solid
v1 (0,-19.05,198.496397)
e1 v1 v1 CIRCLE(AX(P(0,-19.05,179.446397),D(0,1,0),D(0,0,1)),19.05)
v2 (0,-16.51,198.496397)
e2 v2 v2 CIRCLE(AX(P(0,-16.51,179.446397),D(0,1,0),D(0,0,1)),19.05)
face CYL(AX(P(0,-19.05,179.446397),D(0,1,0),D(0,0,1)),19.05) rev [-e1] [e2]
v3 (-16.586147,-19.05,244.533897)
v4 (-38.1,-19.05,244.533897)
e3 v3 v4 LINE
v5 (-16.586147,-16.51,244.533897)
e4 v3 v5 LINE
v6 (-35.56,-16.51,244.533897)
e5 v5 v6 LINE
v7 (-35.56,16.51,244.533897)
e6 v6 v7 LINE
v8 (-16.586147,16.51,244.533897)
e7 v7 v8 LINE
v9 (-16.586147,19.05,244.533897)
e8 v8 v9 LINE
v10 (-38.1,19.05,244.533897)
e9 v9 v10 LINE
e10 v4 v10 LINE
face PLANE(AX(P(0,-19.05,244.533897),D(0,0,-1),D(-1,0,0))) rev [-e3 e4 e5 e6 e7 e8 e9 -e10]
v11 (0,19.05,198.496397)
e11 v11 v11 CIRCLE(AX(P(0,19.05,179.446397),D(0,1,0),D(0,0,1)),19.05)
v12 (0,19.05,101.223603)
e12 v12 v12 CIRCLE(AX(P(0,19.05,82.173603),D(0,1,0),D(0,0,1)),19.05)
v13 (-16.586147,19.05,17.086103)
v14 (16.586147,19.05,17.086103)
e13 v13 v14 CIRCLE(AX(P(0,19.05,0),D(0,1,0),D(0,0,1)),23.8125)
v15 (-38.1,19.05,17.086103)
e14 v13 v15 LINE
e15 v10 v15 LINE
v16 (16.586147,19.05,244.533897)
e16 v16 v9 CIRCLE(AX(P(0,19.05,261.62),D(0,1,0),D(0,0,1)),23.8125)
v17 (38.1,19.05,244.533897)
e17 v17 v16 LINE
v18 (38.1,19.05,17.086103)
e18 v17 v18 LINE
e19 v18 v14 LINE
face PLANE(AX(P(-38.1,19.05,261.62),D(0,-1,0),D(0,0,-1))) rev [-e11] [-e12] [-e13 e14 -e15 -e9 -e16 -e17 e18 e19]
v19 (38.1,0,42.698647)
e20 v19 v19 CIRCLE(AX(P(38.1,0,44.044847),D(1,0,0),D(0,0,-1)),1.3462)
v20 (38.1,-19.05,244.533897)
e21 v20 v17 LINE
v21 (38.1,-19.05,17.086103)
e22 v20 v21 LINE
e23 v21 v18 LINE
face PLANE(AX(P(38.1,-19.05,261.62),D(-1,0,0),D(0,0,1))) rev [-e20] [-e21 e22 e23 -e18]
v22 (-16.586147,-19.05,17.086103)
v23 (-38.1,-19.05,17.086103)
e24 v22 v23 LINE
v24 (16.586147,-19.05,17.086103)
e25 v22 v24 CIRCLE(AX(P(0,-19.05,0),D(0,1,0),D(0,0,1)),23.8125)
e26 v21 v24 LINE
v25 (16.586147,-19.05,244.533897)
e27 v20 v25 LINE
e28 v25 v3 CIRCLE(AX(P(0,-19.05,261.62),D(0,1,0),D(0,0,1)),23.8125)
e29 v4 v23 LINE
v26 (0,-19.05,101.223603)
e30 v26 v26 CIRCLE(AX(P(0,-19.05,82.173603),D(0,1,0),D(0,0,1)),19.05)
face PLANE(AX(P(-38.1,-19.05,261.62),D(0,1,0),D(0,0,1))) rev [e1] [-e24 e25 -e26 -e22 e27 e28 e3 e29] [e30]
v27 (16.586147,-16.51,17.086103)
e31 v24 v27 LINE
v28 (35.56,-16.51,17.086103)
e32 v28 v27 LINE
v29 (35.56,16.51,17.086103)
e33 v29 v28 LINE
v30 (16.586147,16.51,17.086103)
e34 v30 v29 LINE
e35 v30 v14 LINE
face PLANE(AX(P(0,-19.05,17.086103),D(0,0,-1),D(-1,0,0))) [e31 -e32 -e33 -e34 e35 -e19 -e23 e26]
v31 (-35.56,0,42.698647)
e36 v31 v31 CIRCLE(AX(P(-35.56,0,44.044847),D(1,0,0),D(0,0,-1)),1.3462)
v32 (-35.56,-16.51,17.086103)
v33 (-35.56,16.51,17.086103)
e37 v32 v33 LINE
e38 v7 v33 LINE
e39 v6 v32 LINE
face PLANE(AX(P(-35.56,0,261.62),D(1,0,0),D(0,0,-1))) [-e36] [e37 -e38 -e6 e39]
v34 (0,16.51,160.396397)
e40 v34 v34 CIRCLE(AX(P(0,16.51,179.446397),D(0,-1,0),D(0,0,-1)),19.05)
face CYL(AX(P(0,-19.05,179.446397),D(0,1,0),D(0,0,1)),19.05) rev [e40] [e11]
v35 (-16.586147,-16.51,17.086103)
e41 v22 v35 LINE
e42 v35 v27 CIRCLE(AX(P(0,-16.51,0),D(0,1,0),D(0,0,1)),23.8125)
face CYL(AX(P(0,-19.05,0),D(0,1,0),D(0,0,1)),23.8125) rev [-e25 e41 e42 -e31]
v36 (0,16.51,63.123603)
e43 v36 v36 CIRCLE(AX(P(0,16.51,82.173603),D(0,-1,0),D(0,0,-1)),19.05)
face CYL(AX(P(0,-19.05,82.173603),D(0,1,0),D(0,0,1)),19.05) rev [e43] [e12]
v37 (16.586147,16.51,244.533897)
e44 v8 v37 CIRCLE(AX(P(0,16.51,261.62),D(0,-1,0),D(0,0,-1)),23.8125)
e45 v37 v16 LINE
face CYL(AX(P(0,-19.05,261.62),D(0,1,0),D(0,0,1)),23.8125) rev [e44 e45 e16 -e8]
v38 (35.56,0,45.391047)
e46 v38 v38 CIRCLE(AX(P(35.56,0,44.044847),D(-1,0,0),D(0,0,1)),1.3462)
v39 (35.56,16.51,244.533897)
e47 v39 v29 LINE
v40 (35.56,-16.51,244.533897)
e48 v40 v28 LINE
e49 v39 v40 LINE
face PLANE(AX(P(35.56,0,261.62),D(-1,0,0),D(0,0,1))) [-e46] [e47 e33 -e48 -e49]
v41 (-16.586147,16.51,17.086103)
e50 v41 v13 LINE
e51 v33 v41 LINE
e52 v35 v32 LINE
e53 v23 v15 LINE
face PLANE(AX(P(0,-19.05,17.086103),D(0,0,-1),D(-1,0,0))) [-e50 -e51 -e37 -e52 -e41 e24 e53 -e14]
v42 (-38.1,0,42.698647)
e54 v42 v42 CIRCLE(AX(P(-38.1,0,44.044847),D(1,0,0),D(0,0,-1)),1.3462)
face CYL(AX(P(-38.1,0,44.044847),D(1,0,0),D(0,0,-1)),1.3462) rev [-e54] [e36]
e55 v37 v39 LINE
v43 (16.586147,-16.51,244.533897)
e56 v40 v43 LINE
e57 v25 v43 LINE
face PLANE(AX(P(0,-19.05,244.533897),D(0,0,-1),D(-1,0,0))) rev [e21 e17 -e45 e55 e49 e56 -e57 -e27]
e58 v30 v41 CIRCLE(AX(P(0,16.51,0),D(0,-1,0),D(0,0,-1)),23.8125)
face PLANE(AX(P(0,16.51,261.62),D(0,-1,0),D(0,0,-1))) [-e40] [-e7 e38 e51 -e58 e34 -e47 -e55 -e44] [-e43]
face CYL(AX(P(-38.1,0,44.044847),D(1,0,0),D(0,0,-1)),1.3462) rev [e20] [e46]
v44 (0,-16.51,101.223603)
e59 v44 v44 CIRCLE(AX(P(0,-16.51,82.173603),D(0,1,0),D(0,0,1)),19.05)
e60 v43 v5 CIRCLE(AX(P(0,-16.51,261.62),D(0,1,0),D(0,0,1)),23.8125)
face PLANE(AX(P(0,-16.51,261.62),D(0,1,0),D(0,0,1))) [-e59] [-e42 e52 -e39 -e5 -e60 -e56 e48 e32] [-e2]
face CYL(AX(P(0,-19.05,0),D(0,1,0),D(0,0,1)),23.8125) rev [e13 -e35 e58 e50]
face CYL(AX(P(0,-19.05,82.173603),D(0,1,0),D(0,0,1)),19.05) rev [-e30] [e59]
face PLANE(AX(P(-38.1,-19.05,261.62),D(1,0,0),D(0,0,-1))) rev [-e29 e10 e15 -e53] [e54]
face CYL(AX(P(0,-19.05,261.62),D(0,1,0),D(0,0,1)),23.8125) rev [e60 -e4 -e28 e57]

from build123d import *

# Parameters (mm, degrees)
SKETCH1_W           = 76.2
SKETCH1_H           = 38.1
SKETCH1_W_2         = 71.12
SKETCH1_H_2         = 33.02
EXTRUDE_THIN1_DEPTH = 261.62
CUT_EXTRUDE2_DEPTH  = 39.1
SKETCH4_R           = 19.05
CUT_EXTRUDE3_DEPTH  = 39.1
SKETCH5_R           = 1.3462
CUT_EXTRUDE6_DEPTH  = 77.2


with BuildPart() as part:
    # Sketch1 → Extrude-Thin1 (new body)
    with BuildSketch(Plane.XY):
        Rectangle(SKETCH1_W, SKETCH1_H)
        Rectangle(SKETCH1_W_2, SKETCH1_H_2, mode=Mode.SUBTRACT)
    extrude(amount=EXTRUDE_THIN1_DEPTH)

    # Sketch3 → Cut-Extrude2 (cut, through all)
    with BuildSketch(Plane(origin=(0, 19.05, 0), x_dir=(1, 0, 0), z_dir=(0, 1, 0))):
        with BuildLine():
            ThreePointArc((23.8125, -261.62), (21.931629786, -252.344291339), (16.586146516, -244.53389746))
            ThreePointArc((16.586146516, -244.53389746), (0, -237.8075), (-16.586146516, -244.53389746))
            ThreePointArc((-16.586146516, -244.53389746), (-21.931629786, -252.344291339), (-23.8125, -261.62))
            Line((-23.8125, -261.62), (23.8125, -261.62))
        make_face()
        with BuildLine():
            ThreePointArc((-23.8125, -261.62), (0, -285.4325), (23.8125, -261.62))
            Line((23.8125, -261.62), (-23.8125, -261.62))
        make_face()
        with BuildLine():
            Line((38.1, -261.62), (38.1, -244.53389746))
            Line((38.1, -244.53389746), (16.586146516, -244.53389746))
            ThreePointArc((16.586146516, -244.53389746), (21.931629786, -252.344291339), (23.8125, -261.62))
            Line((23.8125, -261.62), (38.1, -261.62))
        make_face()
        with BuildLine():
            ThreePointArc((-23.8125, -261.62), (-21.931629786, -252.344291339), (-16.586146516, -244.53389746))
            Line((-16.586146516, -244.53389746), (-38.1, -244.53389746))
            Line((-38.1, -244.53389746), (-38.1, -261.62))
            Line((-38.1, -261.62), (-23.8125, -261.62))
        make_face()
        with BuildLine():
            ThreePointArc((-16.586146516, -17.08610254), (0, -23.8125), (16.586146516, -17.08610254))
            ThreePointArc((16.586146516, -17.08610254), (21.931629786, -9.275708661), (23.8125, 0))
            Line((23.8125, 0), (-23.8125, 0))
            ThreePointArc((-23.8125, 0), (-21.931629786, -9.275708661), (-16.586146516, -17.08610254))
        make_face()
        with BuildLine():
            Line((-23.8125, 0), (23.8125, 0))
            ThreePointArc((23.8125, 0), (0, 23.8125), (-23.8125, 0))
        make_face()
        with BuildLine():
            Line((-38.1, -17.08610254), (-16.586146516, -17.08610254))
            ThreePointArc((-16.586146516, -17.08610254), (-21.931629786, -9.275708661), (-23.8125, 0))
            Line((-23.8125, 0), (-38.1, 0))
            Line((-38.1, 0), (-38.1, -17.08610254))
        make_face()
        with BuildLine():
            Line((16.586146516, -17.08610254), (38.1, -17.08610254))
            Line((38.1, -17.08610254), (38.1, 0))
            Line((38.1, 0), (23.8125, 0))
            ThreePointArc((23.8125, 0), (21.931629786, -9.275708661), (16.586146516, -17.08610254))
        make_face()
    extrude(amount=-CUT_EXTRUDE2_DEPTH, mode=Mode.SUBTRACT)

    # Sketch4 → Cut-Extrude3 (cut, through all)
    with BuildSketch(Plane(origin=(0, 19.05, 0), x_dir=(1, 0, 0), z_dir=(0, 1, 0))):
        with Locations((0, -179.44639746)):
            Circle(SKETCH4_R)
        with Locations((0, -82.17360254)):
            Circle(SKETCH4_R)
    extrude(amount=-CUT_EXTRUDE3_DEPTH, mode=Mode.SUBTRACT)

    # Sketch5 → Cut-Extrude6 (cut, through all)
    with BuildSketch(Plane(origin=(38.1, 0, 0), x_dir=(0, 0, -1), z_dir=(1, 0, 0))):
        with Locations((-44.044847153, 0)):
            Circle(SKETCH5_R)
    extrude(amount=-CUT_EXTRUDE6_DEPTH, mode=Mode.SUBTRACT)


solid = part.part
